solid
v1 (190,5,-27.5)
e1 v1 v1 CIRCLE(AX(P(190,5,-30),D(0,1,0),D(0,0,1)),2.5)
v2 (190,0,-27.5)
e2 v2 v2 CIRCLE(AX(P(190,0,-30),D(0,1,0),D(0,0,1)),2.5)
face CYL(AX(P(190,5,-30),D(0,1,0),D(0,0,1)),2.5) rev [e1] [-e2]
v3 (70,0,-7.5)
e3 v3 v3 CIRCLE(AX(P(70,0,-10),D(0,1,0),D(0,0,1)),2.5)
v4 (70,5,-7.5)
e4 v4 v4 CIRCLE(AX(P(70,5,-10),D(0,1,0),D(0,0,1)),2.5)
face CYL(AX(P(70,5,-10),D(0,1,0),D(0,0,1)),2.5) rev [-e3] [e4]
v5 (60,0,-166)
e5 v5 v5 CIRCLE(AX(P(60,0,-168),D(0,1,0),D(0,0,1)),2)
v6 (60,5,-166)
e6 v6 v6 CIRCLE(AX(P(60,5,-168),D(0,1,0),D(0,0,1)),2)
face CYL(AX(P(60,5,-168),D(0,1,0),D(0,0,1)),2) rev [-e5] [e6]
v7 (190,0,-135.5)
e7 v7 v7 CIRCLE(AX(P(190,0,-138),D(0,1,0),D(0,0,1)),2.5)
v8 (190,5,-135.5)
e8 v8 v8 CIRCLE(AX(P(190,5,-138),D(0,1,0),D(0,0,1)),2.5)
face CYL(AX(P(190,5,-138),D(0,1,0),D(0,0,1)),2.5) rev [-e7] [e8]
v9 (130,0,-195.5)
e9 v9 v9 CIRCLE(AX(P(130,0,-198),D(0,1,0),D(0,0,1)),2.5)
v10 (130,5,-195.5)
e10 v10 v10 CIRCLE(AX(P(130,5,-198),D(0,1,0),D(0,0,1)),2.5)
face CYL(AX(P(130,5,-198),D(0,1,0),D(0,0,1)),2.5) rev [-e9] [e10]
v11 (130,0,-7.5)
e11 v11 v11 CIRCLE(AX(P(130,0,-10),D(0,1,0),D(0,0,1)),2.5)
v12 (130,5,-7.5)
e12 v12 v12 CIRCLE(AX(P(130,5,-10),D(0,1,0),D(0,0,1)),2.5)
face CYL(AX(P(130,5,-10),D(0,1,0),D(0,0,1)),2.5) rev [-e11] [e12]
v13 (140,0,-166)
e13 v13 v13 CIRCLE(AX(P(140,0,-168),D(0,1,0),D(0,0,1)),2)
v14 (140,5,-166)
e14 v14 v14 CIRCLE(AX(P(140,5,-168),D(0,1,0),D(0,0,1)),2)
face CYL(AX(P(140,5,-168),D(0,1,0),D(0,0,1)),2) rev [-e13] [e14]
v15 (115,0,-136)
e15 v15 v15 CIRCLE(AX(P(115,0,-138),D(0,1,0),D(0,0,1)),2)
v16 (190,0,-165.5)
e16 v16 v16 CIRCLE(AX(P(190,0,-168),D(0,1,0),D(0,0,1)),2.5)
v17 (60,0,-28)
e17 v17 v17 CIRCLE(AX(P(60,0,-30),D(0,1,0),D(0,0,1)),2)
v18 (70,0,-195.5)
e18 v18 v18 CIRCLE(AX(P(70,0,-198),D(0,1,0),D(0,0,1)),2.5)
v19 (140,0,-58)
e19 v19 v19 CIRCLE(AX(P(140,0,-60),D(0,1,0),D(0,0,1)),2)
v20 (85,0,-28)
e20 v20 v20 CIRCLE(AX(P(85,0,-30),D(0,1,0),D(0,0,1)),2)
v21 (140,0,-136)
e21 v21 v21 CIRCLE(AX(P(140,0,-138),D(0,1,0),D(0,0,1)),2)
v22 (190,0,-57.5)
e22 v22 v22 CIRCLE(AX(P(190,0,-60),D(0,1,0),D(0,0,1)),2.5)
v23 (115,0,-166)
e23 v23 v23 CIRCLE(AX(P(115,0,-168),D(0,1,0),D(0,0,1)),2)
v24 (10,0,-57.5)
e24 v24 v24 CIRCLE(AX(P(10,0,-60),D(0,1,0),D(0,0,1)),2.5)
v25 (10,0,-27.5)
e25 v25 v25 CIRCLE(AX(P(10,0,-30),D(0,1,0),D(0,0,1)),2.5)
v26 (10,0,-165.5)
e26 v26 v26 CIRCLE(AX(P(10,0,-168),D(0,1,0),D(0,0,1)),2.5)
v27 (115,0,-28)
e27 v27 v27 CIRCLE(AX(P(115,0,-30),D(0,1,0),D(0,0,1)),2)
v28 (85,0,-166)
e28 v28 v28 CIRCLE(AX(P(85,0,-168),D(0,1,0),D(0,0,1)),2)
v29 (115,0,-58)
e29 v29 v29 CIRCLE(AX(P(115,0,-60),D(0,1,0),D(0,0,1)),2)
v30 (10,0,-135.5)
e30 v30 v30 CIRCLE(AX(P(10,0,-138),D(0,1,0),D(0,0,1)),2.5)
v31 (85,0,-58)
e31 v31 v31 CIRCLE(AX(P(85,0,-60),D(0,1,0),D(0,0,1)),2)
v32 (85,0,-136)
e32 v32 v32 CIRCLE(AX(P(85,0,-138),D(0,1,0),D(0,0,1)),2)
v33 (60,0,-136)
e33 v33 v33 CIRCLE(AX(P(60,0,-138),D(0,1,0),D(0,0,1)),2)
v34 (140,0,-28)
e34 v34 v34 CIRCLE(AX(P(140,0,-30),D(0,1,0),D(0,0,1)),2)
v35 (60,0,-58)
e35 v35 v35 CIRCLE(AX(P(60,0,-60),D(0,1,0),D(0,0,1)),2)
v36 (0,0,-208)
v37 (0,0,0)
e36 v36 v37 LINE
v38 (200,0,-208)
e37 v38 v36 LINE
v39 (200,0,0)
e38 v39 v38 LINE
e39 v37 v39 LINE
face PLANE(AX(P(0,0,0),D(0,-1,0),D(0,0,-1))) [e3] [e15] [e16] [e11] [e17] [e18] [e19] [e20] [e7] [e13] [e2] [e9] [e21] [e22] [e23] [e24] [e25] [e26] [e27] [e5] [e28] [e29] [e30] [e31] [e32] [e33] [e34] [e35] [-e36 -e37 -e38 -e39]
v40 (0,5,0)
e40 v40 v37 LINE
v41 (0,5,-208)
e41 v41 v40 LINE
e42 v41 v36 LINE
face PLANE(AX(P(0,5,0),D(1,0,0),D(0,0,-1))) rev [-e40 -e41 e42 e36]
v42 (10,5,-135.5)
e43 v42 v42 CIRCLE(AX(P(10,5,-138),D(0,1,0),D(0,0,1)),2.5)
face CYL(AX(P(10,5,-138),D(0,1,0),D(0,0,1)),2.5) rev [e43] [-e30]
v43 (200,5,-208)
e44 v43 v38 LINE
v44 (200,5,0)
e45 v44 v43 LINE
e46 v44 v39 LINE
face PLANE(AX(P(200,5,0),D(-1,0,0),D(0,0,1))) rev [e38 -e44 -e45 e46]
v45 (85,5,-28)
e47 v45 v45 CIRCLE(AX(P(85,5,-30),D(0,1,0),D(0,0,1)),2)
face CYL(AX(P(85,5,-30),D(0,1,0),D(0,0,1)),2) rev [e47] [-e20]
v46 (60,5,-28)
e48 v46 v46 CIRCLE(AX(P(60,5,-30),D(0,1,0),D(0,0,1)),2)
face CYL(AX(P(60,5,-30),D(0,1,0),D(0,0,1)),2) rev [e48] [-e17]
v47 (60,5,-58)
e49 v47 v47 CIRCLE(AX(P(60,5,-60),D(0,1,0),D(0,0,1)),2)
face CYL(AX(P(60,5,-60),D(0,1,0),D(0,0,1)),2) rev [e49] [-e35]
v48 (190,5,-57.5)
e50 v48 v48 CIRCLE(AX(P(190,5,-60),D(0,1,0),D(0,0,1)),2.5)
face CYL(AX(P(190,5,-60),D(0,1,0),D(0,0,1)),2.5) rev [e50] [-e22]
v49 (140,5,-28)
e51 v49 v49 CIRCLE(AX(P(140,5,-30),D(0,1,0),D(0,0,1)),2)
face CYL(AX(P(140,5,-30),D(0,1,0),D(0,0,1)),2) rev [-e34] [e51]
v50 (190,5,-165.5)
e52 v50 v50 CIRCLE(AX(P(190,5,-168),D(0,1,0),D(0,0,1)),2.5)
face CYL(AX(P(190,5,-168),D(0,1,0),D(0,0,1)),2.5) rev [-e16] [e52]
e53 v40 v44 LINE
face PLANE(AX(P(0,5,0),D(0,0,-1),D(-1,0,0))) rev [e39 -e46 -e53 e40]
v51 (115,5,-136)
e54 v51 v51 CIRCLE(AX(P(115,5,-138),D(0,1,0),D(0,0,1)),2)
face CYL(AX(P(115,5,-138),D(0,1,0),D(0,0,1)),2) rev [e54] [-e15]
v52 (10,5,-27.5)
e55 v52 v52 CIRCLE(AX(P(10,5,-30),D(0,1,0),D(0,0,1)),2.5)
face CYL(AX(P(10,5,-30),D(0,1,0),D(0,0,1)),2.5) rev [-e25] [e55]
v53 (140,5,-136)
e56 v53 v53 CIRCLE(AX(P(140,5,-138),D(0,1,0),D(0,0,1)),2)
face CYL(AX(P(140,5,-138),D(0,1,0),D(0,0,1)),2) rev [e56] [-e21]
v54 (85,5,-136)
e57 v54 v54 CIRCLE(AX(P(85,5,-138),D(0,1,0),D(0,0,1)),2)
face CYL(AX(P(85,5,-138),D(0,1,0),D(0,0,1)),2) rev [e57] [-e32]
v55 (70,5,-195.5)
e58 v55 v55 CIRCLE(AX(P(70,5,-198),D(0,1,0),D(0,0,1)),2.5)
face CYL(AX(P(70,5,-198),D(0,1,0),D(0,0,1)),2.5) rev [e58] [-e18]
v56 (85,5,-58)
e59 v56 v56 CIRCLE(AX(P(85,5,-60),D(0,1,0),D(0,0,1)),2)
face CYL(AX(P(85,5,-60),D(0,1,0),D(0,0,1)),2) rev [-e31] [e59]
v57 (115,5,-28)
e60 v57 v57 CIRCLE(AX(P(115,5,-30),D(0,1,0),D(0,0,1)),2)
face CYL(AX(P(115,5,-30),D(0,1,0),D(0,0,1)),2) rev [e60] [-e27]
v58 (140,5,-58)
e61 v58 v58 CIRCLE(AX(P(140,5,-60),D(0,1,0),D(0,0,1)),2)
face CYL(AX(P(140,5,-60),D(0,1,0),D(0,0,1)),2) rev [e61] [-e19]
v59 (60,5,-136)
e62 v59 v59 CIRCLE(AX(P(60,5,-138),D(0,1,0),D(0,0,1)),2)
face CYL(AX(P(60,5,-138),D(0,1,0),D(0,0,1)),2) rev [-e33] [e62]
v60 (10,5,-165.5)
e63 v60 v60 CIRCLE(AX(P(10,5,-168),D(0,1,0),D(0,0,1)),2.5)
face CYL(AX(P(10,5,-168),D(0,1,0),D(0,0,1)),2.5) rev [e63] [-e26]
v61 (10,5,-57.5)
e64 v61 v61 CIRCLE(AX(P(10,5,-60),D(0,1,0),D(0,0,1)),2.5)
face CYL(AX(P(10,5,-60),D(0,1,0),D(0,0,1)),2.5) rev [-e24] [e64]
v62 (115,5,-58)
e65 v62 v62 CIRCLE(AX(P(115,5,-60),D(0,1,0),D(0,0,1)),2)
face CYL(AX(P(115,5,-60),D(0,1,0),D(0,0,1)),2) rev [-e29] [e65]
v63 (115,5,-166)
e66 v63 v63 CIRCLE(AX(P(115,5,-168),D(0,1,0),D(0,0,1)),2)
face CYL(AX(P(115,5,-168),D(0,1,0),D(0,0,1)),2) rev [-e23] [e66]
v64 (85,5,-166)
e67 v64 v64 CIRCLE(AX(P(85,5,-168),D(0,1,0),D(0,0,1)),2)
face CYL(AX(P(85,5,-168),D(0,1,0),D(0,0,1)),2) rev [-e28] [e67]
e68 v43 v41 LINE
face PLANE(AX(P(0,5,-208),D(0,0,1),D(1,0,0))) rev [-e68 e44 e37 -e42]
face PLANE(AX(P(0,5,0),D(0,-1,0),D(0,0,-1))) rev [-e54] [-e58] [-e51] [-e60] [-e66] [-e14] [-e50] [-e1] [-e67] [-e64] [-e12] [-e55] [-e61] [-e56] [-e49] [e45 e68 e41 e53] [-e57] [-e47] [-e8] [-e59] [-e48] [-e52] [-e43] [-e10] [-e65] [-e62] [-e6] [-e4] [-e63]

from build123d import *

# Parameters (mm, degrees)
SKETCH_2_W            = 200
SKETCH_2_H            = 208
EXTRUDE_1_DEPTH       = 5
HOLE_WIZARD_4_0_4_1_D = 4
HOLE_WIZARD_5_0_5_1_D = 5


with BuildPart() as part:
    # 草图2 → 凸台-拉伸1 (new body)
    with BuildSketch(Plane(origin=(0, 0, 0), x_dir=(1, 0, 0), z_dir=(0, 1, 0))):
        with Locations((100, 104)):
            Rectangle(SKETCH_2_W, SKETCH_2_H)
    extrude(amount=EXTRUDE_1_DEPTH)

    # Ø4.0 (4) 直径孔1 (through all)
    with Locations(Plane(origin=(0, 5, 0), x_dir=(1, 0, 0), z_dir=(0, 1, 0))):
        with Locations((60, 168), (85, 168), (60, 138), (85, 138), (60, 60), (85, 60), (60, 30), (85, 30), (115, 30), (140, 30), (115, 60), (140, 60), (115, 138), (140, 138), (115, 168), (140, 168)):
            Hole(HOLE_WIZARD_4_0_4_1_D / 2)

    # Ø5.0 (5) 直径孔1 (through all)
    with Locations(Plane(origin=(0, 5, 0), x_dir=(1, 0, 0), z_dir=(0, 1, 0))):
        with Locations((10, 168), (10, 138), (10, 60), (10, 30), (70, 198), (70, 10), (130, 10), (130, 198), (190, 30), (190, 60), (190, 138), (190, 168)):
            Hole(HOLE_WIZARD_5_0_5_1_D / 2)


solid = part.part
